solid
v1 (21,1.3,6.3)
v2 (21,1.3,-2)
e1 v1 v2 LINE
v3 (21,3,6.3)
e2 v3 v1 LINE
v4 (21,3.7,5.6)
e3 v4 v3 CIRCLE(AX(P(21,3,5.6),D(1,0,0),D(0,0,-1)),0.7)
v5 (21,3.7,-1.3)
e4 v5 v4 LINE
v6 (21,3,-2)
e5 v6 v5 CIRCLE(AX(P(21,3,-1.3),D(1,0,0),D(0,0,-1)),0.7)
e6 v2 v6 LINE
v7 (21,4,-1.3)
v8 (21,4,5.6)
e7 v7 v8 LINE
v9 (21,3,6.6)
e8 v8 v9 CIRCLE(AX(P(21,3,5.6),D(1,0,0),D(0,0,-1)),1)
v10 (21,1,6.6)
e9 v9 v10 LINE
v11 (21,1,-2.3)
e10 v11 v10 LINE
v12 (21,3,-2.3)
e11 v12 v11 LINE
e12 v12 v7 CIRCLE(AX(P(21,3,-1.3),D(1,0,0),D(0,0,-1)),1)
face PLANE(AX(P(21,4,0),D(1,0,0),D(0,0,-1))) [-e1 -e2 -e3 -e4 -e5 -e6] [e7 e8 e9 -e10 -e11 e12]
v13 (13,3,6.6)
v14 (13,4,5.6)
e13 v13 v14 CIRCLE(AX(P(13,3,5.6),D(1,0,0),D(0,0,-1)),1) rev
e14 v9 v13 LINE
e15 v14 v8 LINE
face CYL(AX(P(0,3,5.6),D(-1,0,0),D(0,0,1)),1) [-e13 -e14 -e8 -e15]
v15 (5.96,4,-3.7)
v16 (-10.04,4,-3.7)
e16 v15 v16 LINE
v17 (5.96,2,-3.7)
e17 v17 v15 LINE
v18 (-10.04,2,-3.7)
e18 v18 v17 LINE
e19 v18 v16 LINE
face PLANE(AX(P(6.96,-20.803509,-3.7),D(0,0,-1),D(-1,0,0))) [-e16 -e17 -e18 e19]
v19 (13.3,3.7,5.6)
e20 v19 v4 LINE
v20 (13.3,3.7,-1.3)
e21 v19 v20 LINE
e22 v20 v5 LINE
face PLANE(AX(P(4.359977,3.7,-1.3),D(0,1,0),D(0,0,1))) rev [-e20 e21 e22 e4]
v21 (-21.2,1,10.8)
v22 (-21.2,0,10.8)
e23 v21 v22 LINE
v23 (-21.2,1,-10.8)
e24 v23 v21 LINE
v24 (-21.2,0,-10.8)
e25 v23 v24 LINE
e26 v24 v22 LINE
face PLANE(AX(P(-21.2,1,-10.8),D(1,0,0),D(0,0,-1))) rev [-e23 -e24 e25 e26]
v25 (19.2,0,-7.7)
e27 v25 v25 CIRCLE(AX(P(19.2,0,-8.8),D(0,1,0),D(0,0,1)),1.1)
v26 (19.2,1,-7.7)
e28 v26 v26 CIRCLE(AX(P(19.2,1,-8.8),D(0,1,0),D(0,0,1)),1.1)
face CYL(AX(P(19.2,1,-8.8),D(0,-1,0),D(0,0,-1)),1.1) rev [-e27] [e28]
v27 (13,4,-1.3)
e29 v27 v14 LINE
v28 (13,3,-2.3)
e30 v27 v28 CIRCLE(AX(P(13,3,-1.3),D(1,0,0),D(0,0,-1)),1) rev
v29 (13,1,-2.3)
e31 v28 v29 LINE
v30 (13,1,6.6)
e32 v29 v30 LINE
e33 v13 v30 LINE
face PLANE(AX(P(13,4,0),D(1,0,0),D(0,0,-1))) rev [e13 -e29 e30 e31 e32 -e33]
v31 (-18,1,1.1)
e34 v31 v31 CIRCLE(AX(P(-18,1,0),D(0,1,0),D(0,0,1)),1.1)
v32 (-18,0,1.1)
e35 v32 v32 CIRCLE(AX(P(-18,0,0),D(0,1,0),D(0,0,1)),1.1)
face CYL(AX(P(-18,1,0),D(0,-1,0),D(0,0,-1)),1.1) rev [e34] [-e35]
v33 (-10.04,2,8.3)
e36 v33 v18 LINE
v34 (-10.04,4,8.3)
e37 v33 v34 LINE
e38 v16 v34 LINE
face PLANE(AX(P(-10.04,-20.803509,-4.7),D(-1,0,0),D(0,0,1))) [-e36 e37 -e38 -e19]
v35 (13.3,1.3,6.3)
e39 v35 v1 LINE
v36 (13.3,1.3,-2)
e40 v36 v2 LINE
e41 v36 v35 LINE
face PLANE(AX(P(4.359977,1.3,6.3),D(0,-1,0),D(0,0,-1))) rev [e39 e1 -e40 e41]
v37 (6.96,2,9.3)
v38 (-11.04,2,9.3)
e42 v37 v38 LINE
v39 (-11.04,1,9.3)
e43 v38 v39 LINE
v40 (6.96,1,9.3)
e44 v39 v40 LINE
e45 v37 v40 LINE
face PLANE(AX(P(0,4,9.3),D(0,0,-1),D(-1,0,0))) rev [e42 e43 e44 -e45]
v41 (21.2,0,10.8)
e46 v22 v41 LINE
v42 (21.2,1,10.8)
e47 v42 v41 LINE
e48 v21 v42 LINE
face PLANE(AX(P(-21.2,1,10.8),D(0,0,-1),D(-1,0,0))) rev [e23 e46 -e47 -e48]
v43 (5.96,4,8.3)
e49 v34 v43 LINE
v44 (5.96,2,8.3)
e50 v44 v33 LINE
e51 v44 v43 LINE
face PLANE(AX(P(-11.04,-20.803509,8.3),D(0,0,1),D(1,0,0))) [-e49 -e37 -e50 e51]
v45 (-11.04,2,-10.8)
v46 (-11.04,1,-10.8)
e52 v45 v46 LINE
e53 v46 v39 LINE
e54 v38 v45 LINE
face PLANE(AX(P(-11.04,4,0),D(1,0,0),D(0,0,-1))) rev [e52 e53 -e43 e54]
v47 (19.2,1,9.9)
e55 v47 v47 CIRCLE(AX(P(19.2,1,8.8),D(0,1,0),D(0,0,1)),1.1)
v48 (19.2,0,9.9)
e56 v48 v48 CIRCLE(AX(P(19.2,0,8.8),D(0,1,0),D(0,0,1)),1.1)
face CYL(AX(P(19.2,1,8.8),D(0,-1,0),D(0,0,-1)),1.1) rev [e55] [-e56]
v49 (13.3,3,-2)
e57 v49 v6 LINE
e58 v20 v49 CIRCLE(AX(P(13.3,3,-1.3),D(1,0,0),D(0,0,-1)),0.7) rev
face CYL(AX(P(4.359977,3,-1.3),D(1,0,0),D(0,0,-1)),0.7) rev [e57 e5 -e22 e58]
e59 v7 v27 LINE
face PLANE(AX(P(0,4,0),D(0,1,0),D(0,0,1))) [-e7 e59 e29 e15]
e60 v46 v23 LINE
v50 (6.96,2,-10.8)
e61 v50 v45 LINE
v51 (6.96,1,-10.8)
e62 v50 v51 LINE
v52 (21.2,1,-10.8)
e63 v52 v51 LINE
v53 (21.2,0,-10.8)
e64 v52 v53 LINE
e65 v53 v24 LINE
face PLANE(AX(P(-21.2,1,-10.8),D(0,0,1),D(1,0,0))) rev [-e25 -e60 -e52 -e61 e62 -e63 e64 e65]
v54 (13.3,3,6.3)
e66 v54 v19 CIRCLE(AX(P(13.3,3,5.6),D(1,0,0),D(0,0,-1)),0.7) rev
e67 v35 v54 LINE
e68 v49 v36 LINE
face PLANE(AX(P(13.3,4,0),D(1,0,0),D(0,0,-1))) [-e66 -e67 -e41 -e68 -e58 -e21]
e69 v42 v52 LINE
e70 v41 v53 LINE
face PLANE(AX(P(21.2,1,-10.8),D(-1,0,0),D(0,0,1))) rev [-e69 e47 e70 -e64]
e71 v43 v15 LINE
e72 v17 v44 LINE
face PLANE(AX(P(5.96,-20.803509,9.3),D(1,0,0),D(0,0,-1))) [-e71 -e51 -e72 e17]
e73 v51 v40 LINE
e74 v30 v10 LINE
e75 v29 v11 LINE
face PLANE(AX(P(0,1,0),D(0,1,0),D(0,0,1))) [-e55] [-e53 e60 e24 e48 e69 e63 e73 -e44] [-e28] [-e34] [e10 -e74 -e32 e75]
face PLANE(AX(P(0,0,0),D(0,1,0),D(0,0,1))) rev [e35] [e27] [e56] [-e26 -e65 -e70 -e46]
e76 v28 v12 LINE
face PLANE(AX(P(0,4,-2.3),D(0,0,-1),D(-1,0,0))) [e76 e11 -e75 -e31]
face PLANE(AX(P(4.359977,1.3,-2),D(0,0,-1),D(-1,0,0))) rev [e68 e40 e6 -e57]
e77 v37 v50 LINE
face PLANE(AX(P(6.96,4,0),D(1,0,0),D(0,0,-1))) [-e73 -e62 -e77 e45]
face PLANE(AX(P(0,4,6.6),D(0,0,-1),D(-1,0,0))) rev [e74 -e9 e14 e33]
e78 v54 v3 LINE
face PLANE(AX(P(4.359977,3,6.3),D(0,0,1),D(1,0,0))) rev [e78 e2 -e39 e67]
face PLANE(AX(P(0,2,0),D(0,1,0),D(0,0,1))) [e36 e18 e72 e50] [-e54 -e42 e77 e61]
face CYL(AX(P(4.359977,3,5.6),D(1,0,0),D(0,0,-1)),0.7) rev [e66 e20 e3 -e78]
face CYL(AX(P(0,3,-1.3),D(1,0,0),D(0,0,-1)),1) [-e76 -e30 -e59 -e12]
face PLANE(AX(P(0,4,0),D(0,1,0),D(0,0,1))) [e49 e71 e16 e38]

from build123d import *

# Parameters (mm, degrees)
SKETCH_1_W            = 42.4
SKETCH_1_H            = 21.6
SKETCH_1_R            = 1.1
EXTRUDE_1_DEPTH       = 1
SKETCH_2_W            = 18
SKETCH_2_H            = 14
SKETCH_2_W_2          = 8
SKETCH_2_H_2          = 8.9
EXTRUDE_2_DEPTH       = 3
FILLET_1_R            = 1
SKETCH_2_3_W          = 18
SKETCH_2_3_H          = 6.1
EXTRUDE_3_DEPTH       = 1
CUT_EXTRUDE_1_DEPTH   = 7.7
SKETCH_4_W            = 18
SKETCH_4_H            = 14
SKETCH_4_W_2          = 16
SKETCH_4_H_2          = 12
CUT_EXTRUDE_1_2_DEPTH = 2


with BuildPart() as part:
    # 草图1 → 凸台-拉伸1 (new body)
    with BuildSketch(Plane(origin=(0, 0, 0), x_dir=(1, 0, 0), z_dir=(0, 1, 0))):
        Rectangle(SKETCH_1_W, SKETCH_1_H)
        with Locations((-18, 0)):
            Circle(SKETCH_1_R, mode=Mode.SUBTRACT)
        with Locations((19.2, 8.8)):
            Circle(SKETCH_1_R, mode=Mode.SUBTRACT)
        with Locations((19.2, -8.8)):
            Circle(SKETCH_1_R, mode=Mode.SUBTRACT)
    extrude(amount=EXTRUDE_1_DEPTH)

    # 草图2 → 凸台-拉伸2 (add)
    with BuildSketch(Plane(origin=(0, 1, 0), x_dir=(1, 0, 0), z_dir=(0, 1, 0))):
        with Locations((-2.04, -2.3)):
            Rectangle(SKETCH_2_W, SKETCH_2_H)
        with Locations((17, -2.15)):
            Rectangle(SKETCH_2_W_2, SKETCH_2_H_2)
    extrude(amount=EXTRUDE_2_DEPTH)

    # 圆角1
    fillet_1_edges = [part.edges().sort_by_distance(p)[0] for p in [
        (17, 4, -2.3),
        (17, 4, 6.6),
    ]]
    fillet(fillet_1_edges, radius=FILLET_1_R)

    # 草图2<3> → 凸台-拉伸3 (add)
    with BuildSketch(Plane(origin=(0, 1, 0), x_dir=(1, 0, 0), z_dir=(0, 1, 0))):
        with Locations((-2.04, 7.75)):
            Rectangle(SKETCH_2_3_W, SKETCH_2_3_H)
    extrude(amount=EXTRUDE_3_DEPTH)

    # 草图3 → Cut-Extrude 1 (cut)
    with BuildSketch(Plane(origin=(21, 0, 0), x_dir=(0, 0, -1), z_dir=(1, 0, 0))):
        with BuildLine():
            Line((1.3, 3.7), (-5.6, 3.7))
            ThreePointArc((-5.6, 3.7), (-6.094974747, 3.494974747), (-6.3, 3))
            Line((-6.3, 3), (-6.3, 1.3))
            Line((-6.3, 1.3), (2, 1.3))
            Line((2, 1.3), (2, 3))
            ThreePointArc((2, 3), (1.794974747, 3.494974747), (1.3, 3.7))
        make_face()
    extrude(amount=-CUT_EXTRUDE_1_DEPTH, mode=Mode.SUBTRACT)

    # 草图4 → Cut-Extrude 1 2 (cut)
    with BuildSketch(Plane(origin=(0, 4, 0), x_dir=(1, 0, 0), z_dir=(0, 1, 0))):
        with Locations((-2.04, -2.3)):
            Rectangle(SKETCH_4_W, SKETCH_4_H)
        with Locations((-2.04, -2.3)):
            Rectangle(SKETCH_4_W_2, SKETCH_4_H_2, mode=Mode.SUBTRACT)
    extrude(amount=-CUT_EXTRUDE_1_2_DEPTH, mode=Mode.SUBTRACT)


solid = part.part
